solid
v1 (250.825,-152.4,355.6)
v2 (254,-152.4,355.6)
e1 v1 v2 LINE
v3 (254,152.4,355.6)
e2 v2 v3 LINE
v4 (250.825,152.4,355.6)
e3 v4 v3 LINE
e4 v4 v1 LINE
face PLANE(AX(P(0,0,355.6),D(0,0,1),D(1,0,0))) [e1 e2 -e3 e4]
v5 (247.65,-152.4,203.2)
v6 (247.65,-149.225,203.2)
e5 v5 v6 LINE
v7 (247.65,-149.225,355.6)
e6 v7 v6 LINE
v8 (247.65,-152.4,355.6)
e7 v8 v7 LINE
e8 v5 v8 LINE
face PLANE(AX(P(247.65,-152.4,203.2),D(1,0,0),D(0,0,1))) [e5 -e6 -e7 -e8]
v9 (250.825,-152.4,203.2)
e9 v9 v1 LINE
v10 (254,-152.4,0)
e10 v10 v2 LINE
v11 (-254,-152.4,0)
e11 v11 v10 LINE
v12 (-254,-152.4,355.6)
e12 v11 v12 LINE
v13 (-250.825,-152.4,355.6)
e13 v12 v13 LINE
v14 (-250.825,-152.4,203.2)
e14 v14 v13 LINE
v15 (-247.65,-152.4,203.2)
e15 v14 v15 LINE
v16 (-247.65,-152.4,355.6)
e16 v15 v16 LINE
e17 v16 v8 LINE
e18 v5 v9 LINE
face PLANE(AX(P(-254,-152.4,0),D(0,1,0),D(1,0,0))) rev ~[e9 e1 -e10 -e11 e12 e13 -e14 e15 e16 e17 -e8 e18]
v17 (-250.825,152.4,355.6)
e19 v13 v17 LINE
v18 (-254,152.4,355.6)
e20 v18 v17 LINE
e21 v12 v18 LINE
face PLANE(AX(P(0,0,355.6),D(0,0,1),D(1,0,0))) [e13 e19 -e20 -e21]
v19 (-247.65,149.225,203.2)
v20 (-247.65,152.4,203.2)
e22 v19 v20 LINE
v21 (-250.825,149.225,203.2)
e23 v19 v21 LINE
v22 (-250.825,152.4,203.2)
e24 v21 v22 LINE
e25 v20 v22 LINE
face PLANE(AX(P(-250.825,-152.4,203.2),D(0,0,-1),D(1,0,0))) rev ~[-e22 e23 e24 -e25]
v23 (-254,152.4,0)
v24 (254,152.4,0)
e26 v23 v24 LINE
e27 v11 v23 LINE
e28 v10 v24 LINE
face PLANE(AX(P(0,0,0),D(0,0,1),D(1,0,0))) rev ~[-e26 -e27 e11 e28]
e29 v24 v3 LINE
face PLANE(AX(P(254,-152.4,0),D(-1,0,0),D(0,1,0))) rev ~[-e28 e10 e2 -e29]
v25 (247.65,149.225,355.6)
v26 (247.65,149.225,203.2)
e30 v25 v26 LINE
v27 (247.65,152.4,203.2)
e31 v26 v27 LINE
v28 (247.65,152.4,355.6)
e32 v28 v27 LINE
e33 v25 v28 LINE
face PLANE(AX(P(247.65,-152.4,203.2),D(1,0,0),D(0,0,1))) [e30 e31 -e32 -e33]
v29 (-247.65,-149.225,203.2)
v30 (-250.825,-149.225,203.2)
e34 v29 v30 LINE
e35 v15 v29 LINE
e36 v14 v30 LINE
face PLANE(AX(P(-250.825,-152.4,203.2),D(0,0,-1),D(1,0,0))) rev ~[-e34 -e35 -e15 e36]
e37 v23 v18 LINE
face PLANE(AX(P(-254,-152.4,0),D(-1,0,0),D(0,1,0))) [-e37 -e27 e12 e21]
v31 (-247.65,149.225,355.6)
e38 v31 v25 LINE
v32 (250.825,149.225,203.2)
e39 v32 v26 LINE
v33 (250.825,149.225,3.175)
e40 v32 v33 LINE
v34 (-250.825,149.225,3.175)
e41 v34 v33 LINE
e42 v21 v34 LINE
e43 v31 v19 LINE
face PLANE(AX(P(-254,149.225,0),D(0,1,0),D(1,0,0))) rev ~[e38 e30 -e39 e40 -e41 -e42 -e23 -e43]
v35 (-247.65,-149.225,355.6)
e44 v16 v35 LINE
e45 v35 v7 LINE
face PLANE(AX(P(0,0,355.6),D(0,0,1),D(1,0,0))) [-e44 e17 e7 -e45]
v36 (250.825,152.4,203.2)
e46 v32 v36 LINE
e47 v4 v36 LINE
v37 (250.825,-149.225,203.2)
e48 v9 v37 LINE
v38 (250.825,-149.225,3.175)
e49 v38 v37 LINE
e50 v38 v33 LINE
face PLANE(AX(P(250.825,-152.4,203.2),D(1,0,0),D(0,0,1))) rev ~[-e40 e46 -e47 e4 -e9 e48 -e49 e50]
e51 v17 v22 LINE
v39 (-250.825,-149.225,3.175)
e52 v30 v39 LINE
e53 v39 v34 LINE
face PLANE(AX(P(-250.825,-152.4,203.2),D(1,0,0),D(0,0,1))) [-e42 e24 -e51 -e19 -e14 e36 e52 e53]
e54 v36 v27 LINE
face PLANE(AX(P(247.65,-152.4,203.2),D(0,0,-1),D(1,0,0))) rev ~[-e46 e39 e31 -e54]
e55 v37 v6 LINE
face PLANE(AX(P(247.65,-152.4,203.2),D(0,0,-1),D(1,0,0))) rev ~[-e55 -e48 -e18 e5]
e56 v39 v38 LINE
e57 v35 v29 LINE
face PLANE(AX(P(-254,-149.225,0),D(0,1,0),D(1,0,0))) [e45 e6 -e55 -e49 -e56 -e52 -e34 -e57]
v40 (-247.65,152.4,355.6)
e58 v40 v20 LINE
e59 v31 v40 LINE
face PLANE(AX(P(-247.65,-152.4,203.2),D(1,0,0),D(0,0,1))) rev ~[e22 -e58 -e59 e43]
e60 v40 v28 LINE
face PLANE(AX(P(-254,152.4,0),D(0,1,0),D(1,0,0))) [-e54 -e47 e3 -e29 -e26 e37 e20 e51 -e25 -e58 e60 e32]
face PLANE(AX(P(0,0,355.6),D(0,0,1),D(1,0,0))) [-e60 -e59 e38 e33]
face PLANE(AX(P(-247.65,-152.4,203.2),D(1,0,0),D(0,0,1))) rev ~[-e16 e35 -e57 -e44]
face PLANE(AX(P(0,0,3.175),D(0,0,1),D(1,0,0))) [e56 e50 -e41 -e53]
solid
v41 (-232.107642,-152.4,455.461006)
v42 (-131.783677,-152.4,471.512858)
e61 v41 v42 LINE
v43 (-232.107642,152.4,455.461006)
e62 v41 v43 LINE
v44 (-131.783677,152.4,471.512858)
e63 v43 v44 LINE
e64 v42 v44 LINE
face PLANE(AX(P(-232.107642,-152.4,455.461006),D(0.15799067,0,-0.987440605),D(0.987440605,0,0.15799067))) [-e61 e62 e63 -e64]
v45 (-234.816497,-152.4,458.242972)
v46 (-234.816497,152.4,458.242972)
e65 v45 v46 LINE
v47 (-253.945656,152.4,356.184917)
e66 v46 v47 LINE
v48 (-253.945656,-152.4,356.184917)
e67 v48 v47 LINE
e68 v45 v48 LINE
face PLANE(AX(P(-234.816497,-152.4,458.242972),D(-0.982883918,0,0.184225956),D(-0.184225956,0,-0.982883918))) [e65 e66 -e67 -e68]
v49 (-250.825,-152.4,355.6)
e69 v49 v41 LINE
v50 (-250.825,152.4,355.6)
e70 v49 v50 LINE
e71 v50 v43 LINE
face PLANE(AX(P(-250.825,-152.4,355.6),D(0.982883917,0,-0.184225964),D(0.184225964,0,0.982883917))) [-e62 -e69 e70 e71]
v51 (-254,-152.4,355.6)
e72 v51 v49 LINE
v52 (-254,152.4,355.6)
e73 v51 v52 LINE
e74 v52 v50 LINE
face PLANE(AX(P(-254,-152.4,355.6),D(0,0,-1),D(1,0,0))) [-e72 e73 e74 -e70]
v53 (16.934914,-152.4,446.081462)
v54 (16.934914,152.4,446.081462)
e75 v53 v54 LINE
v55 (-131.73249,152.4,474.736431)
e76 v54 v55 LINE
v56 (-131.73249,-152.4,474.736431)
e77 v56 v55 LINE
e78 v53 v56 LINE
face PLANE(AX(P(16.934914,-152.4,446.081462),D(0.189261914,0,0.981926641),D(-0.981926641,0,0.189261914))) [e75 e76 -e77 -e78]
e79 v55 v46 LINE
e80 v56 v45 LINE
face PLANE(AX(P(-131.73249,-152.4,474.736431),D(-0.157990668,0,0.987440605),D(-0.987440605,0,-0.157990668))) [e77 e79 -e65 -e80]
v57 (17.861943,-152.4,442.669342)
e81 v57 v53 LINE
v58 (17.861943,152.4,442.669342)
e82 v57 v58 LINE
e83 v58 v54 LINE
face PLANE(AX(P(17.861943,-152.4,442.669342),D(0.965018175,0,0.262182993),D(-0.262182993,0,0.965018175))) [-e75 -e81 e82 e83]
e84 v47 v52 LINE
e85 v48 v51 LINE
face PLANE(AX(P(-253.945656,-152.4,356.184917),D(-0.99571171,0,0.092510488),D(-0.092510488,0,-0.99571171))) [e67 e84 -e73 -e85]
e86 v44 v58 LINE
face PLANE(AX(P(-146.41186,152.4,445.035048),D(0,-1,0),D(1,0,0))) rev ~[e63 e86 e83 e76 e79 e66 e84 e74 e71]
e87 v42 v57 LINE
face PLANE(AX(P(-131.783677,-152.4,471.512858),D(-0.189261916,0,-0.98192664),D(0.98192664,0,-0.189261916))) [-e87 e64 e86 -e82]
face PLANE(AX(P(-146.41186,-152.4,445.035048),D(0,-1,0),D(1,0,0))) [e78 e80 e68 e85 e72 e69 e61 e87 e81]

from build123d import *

# Parameters (mm, degrees)
F0_W     = 508
F0_H     = 304.8
F1_DEPTH = 355.6
F2_T     = -3.175
F3_W     = 3.175
F3_H     = 152.4
F4_DEPTH = 304.801
F6_DEPTH = 304.8


with BuildPart() as f1:
    # F0 (on Top) → F1 (new body)
    with BuildSketch(Plane.XY):
        Rectangle(F0_W, F0_H)
    extrude(amount=F1_DEPTH)

    # F2
    f2_openings = [f1.faces().sort_by_distance(p)[0] for p in [
        (0, 0, 355.6),
    ]]
    offset(amount=F2_T, openings=f2_openings)

    # F3 (on face) → F4 (cut, through all)
    with BuildSketch(Plane.XZ.offset(152.4)):
        with Locations((-249.2375, 279.4)):
            Rectangle(F3_W, F3_H)
        with Locations((249.2375, 279.4)):
            Rectangle(F3_W, F3_H)
    extrude(amount=-F4_DEPTH, mode=Mode.SUBTRACT)


with BuildPart() as f6:
    # F5 (on face) → F6 (new body)
    with BuildSketch(Plane.XZ.offset(152.4)):
        Polygon((-254, 355.6), (-250.825, 355.6), (-232.107642, 455.461006), (-131.783677, 471.512858), (17.861943, 442.669342), (16.934914, 446.081462), (-131.73249, 474.736431), (-234.816497, 458.242972), (-253.945656, 356.184917), align=None)
    extrude(amount=-F6_DEPTH)


solid = Compound([f1.part, f6.part])
